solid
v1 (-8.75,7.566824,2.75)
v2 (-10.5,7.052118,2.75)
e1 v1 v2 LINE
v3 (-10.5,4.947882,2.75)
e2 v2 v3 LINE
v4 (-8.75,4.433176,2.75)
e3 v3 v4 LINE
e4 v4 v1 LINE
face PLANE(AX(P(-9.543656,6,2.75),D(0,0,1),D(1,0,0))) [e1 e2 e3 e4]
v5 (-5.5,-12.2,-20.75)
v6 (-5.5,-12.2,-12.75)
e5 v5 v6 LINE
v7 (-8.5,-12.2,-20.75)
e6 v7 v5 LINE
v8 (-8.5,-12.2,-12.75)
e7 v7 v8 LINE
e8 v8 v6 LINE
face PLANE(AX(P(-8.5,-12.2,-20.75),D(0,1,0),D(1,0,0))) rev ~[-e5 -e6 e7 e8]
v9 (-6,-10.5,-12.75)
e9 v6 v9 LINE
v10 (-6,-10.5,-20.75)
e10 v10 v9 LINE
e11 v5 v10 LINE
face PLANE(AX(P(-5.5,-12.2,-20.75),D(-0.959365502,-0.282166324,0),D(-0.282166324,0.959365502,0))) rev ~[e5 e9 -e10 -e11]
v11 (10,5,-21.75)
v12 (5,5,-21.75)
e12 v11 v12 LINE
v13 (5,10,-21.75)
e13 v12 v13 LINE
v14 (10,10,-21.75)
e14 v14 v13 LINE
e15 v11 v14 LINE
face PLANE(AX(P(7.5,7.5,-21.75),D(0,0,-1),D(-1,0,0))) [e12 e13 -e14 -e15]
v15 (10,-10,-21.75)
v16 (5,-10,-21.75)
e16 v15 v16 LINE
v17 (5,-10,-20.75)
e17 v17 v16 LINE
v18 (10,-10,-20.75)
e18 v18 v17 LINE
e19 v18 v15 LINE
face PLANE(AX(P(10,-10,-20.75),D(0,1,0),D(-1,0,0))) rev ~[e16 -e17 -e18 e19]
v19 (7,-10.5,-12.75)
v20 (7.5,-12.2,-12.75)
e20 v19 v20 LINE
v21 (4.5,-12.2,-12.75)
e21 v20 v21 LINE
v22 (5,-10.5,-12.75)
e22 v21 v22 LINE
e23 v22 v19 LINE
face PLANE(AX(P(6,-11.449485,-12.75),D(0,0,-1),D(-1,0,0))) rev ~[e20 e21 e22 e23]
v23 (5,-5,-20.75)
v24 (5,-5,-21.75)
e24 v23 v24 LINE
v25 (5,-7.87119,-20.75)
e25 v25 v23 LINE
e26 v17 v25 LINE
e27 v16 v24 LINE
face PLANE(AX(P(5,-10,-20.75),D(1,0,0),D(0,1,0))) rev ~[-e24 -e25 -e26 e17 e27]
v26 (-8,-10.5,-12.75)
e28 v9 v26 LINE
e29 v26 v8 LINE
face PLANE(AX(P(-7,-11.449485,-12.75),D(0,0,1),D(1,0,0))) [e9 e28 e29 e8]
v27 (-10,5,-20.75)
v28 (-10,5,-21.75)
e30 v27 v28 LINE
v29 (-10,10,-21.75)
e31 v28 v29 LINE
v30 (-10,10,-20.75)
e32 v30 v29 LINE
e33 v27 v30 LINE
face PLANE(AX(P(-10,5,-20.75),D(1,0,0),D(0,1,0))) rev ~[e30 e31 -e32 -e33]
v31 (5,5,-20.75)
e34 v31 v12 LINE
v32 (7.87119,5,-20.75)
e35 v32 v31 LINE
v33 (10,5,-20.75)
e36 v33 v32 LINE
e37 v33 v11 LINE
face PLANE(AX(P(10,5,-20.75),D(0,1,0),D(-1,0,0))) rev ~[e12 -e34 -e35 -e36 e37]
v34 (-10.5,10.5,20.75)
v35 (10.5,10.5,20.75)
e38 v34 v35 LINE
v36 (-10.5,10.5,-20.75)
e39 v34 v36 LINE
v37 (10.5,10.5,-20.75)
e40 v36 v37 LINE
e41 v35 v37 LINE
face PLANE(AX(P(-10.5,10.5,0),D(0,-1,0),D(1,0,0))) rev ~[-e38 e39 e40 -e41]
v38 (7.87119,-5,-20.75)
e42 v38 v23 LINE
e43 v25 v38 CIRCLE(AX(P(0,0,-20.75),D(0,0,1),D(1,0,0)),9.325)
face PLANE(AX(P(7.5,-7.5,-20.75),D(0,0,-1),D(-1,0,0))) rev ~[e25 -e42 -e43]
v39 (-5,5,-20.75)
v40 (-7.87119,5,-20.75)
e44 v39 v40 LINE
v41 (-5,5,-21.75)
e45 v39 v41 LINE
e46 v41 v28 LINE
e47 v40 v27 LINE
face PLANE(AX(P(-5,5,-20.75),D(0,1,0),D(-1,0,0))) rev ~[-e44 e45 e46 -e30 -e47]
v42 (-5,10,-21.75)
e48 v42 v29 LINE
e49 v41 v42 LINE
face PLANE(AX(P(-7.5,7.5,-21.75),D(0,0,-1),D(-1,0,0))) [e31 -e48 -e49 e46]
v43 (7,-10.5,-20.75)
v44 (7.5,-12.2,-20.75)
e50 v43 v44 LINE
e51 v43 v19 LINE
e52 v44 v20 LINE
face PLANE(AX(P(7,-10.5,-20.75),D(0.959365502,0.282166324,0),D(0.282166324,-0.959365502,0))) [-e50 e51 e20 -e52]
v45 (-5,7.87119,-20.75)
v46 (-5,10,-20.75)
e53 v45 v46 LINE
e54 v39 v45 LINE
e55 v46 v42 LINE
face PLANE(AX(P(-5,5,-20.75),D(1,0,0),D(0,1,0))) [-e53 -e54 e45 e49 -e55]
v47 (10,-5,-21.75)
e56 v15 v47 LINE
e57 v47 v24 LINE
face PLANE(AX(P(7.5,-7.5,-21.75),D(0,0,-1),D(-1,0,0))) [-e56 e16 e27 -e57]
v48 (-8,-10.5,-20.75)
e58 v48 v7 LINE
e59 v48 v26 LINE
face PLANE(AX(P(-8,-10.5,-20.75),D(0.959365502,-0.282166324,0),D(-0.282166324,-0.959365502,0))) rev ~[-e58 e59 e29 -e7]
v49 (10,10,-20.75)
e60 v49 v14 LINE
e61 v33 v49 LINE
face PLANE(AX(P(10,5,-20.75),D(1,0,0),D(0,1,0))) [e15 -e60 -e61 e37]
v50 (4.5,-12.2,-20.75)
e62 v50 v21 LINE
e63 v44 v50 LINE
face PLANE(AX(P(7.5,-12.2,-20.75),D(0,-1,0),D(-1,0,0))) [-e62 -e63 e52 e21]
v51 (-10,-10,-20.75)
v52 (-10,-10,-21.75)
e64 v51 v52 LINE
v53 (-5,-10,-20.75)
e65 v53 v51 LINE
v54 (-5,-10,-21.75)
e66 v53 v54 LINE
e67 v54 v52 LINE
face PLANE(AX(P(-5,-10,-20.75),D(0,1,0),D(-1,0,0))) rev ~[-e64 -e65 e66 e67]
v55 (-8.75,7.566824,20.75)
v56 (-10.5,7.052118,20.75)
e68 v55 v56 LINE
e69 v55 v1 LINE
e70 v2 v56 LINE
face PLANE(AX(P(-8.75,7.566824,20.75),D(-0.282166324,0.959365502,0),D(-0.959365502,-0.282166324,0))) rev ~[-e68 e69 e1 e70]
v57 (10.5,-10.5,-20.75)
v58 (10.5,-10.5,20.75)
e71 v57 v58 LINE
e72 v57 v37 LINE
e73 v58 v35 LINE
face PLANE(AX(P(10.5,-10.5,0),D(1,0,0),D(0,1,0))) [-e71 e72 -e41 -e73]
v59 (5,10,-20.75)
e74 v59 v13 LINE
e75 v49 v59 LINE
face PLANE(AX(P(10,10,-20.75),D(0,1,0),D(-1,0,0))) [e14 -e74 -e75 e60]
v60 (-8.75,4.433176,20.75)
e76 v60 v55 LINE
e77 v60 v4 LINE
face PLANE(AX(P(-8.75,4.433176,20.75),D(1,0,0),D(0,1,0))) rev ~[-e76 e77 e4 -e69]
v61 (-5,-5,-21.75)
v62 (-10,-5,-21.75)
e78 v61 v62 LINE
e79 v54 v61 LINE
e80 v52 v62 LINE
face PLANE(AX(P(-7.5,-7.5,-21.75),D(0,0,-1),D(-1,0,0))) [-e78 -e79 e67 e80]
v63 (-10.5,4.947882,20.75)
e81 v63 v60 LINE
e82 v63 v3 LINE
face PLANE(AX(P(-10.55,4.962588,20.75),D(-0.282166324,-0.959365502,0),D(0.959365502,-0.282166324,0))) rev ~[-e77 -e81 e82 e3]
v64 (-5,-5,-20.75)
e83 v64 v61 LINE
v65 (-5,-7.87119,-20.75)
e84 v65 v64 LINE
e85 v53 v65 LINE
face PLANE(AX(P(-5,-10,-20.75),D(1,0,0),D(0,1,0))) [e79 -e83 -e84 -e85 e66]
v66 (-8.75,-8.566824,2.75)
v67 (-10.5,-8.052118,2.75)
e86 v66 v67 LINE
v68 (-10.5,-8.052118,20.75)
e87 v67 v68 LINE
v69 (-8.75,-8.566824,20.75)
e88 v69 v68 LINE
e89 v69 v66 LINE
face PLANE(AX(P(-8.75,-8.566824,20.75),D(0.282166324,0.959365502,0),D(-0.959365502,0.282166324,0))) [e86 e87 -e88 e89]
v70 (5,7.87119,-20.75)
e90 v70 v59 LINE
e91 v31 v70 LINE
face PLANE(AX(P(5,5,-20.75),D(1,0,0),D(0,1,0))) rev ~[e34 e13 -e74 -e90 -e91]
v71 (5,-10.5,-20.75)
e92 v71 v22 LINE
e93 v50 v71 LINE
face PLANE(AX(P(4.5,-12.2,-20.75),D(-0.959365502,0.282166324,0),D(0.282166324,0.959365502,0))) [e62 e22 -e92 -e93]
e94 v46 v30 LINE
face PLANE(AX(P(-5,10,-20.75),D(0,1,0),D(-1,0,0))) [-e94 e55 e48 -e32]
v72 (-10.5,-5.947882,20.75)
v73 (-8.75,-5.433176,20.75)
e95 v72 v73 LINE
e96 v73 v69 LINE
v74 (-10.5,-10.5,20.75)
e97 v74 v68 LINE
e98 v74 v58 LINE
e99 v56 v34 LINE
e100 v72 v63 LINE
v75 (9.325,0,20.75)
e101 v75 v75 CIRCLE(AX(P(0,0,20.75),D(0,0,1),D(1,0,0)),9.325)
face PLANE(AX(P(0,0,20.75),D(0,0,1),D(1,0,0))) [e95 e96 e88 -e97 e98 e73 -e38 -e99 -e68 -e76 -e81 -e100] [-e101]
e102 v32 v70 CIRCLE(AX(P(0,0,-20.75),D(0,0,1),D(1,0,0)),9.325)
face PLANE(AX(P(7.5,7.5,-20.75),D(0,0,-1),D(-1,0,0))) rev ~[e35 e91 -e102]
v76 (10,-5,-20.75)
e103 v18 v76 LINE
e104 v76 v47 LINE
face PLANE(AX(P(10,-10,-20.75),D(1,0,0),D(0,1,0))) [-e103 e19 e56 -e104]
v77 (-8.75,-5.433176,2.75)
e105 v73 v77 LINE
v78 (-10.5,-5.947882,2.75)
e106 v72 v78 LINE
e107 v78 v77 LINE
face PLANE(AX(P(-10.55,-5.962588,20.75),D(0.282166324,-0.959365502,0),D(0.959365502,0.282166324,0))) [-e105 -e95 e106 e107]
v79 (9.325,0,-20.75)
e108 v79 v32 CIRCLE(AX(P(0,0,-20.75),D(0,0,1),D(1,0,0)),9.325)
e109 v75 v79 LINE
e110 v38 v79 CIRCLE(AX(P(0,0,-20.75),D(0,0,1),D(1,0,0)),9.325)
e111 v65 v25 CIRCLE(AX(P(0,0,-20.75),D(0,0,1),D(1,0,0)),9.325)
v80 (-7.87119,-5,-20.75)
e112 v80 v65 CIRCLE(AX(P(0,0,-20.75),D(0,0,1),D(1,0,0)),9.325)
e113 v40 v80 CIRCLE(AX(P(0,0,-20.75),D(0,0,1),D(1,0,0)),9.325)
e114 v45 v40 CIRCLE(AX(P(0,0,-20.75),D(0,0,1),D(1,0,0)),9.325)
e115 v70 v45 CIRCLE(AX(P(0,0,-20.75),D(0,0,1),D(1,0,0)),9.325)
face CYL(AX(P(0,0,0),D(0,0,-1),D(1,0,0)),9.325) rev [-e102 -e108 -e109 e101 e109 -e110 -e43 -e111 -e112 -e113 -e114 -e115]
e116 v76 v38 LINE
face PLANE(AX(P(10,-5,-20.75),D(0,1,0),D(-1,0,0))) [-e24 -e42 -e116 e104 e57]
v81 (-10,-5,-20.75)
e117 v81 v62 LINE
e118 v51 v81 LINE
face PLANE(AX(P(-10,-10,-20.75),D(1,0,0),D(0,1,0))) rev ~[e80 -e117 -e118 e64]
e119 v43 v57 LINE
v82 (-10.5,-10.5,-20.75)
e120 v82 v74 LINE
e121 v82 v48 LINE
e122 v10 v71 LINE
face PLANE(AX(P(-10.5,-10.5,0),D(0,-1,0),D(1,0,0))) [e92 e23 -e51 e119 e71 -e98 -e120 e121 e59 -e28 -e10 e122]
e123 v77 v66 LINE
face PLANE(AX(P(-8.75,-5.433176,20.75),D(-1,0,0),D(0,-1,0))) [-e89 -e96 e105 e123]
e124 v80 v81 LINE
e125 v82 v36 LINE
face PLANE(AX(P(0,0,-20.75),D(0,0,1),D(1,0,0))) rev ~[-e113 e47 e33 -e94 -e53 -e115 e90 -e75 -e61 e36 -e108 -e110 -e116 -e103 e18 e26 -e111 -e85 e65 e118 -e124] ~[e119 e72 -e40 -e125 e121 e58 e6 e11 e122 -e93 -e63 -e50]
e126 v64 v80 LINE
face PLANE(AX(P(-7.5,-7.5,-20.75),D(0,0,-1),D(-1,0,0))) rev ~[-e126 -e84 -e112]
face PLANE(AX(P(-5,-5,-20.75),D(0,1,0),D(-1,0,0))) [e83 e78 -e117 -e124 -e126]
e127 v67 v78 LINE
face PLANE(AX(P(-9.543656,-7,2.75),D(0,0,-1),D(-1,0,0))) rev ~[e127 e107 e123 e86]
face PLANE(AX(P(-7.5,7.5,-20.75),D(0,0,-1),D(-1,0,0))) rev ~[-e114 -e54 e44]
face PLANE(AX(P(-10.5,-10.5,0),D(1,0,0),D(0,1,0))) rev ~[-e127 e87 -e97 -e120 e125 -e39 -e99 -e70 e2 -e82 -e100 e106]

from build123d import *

# Parameters (mm, degrees)
CROQUIS1_W              = 21
CROQUIS1_H              = 21
CROQUIS1_R              = 9.325
SALIENTE_EXTRUIR1_DEPTH = 20.75
CROQUIS2_W              = 5
CROQUIS2_H              = 5
SALIENTE_EXTRUIR3_DEPTH = 1
CORTAR_EXTRUIR2_DEPTH   = 18
SALIENTE_EXTRUIR7_DEPTH = 8


with BuildPart() as part:
    # Croquis1 → Saliente-Extruir1 (new, symmetric)
    with BuildSketch(Plane.XY):
        Rectangle(CROQUIS1_W, CROQUIS1_H)
        Circle(CROQUIS1_R, mode=Mode.SUBTRACT)
    extrude(amount=SALIENTE_EXTRUIR1_DEPTH, both=True)

    # Croquis2 → Saliente-Extruir3 (add)
    with BuildSketch(Plane(origin=(0, 0, -20.75), x_dir=(-1, 0, 0), z_dir=(0, 0, -1))):
        with Locations((-7.5, 7.5)):
            Rectangle(CROQUIS2_W, CROQUIS2_H)
        with Locations((7.5, 7.5)):
            Rectangle(CROQUIS2_W, CROQUIS2_H)
        with Locations((7.5, -7.5)):
            Rectangle(CROQUIS2_W, CROQUIS2_H)
        with Locations((-7.5, -7.5)):
            Rectangle(CROQUIS2_W, CROQUIS2_H)
    extrude(amount=SALIENTE_EXTRUIR3_DEPTH)

    # Croquis8 → Cortar-Extruir2 (cut)
    with BuildSketch(Plane.XY.offset(20.75)):
        Polygon((-10.55, -5.962588103), (-8.75, -5.433176338), (-8.75, -8.566823662), (-10.55, -8.037411897), align=None)
        Polygon((-10.55, 7.037411897), (-10.55, 4.962588103), (-8.75, 4.433176338), (-8.75, 7.566823662), align=None)
    extrude(amount=-CORTAR_EXTRUIR2_DEPTH, mode=Mode.SUBTRACT)

    # Croquis9 → Saliente-Extruir7 (add)
    with BuildSketch(Plane(origin=(0, 0, -20.75), x_dir=(-1, 0, 0), z_dir=(0, 0, -1))):
        Polygon((6, -10.5), (8, -10.5), (8.5, -12.2), (5.5, -12.2), align=None)
        Polygon((-4.5, -12.2), (-5, -10.5), (-7, -10.5), (-7.5, -12.2), align=None)
    extrude(amount=-SALIENTE_EXTRUIR7_DEPTH)


solid = part.part
